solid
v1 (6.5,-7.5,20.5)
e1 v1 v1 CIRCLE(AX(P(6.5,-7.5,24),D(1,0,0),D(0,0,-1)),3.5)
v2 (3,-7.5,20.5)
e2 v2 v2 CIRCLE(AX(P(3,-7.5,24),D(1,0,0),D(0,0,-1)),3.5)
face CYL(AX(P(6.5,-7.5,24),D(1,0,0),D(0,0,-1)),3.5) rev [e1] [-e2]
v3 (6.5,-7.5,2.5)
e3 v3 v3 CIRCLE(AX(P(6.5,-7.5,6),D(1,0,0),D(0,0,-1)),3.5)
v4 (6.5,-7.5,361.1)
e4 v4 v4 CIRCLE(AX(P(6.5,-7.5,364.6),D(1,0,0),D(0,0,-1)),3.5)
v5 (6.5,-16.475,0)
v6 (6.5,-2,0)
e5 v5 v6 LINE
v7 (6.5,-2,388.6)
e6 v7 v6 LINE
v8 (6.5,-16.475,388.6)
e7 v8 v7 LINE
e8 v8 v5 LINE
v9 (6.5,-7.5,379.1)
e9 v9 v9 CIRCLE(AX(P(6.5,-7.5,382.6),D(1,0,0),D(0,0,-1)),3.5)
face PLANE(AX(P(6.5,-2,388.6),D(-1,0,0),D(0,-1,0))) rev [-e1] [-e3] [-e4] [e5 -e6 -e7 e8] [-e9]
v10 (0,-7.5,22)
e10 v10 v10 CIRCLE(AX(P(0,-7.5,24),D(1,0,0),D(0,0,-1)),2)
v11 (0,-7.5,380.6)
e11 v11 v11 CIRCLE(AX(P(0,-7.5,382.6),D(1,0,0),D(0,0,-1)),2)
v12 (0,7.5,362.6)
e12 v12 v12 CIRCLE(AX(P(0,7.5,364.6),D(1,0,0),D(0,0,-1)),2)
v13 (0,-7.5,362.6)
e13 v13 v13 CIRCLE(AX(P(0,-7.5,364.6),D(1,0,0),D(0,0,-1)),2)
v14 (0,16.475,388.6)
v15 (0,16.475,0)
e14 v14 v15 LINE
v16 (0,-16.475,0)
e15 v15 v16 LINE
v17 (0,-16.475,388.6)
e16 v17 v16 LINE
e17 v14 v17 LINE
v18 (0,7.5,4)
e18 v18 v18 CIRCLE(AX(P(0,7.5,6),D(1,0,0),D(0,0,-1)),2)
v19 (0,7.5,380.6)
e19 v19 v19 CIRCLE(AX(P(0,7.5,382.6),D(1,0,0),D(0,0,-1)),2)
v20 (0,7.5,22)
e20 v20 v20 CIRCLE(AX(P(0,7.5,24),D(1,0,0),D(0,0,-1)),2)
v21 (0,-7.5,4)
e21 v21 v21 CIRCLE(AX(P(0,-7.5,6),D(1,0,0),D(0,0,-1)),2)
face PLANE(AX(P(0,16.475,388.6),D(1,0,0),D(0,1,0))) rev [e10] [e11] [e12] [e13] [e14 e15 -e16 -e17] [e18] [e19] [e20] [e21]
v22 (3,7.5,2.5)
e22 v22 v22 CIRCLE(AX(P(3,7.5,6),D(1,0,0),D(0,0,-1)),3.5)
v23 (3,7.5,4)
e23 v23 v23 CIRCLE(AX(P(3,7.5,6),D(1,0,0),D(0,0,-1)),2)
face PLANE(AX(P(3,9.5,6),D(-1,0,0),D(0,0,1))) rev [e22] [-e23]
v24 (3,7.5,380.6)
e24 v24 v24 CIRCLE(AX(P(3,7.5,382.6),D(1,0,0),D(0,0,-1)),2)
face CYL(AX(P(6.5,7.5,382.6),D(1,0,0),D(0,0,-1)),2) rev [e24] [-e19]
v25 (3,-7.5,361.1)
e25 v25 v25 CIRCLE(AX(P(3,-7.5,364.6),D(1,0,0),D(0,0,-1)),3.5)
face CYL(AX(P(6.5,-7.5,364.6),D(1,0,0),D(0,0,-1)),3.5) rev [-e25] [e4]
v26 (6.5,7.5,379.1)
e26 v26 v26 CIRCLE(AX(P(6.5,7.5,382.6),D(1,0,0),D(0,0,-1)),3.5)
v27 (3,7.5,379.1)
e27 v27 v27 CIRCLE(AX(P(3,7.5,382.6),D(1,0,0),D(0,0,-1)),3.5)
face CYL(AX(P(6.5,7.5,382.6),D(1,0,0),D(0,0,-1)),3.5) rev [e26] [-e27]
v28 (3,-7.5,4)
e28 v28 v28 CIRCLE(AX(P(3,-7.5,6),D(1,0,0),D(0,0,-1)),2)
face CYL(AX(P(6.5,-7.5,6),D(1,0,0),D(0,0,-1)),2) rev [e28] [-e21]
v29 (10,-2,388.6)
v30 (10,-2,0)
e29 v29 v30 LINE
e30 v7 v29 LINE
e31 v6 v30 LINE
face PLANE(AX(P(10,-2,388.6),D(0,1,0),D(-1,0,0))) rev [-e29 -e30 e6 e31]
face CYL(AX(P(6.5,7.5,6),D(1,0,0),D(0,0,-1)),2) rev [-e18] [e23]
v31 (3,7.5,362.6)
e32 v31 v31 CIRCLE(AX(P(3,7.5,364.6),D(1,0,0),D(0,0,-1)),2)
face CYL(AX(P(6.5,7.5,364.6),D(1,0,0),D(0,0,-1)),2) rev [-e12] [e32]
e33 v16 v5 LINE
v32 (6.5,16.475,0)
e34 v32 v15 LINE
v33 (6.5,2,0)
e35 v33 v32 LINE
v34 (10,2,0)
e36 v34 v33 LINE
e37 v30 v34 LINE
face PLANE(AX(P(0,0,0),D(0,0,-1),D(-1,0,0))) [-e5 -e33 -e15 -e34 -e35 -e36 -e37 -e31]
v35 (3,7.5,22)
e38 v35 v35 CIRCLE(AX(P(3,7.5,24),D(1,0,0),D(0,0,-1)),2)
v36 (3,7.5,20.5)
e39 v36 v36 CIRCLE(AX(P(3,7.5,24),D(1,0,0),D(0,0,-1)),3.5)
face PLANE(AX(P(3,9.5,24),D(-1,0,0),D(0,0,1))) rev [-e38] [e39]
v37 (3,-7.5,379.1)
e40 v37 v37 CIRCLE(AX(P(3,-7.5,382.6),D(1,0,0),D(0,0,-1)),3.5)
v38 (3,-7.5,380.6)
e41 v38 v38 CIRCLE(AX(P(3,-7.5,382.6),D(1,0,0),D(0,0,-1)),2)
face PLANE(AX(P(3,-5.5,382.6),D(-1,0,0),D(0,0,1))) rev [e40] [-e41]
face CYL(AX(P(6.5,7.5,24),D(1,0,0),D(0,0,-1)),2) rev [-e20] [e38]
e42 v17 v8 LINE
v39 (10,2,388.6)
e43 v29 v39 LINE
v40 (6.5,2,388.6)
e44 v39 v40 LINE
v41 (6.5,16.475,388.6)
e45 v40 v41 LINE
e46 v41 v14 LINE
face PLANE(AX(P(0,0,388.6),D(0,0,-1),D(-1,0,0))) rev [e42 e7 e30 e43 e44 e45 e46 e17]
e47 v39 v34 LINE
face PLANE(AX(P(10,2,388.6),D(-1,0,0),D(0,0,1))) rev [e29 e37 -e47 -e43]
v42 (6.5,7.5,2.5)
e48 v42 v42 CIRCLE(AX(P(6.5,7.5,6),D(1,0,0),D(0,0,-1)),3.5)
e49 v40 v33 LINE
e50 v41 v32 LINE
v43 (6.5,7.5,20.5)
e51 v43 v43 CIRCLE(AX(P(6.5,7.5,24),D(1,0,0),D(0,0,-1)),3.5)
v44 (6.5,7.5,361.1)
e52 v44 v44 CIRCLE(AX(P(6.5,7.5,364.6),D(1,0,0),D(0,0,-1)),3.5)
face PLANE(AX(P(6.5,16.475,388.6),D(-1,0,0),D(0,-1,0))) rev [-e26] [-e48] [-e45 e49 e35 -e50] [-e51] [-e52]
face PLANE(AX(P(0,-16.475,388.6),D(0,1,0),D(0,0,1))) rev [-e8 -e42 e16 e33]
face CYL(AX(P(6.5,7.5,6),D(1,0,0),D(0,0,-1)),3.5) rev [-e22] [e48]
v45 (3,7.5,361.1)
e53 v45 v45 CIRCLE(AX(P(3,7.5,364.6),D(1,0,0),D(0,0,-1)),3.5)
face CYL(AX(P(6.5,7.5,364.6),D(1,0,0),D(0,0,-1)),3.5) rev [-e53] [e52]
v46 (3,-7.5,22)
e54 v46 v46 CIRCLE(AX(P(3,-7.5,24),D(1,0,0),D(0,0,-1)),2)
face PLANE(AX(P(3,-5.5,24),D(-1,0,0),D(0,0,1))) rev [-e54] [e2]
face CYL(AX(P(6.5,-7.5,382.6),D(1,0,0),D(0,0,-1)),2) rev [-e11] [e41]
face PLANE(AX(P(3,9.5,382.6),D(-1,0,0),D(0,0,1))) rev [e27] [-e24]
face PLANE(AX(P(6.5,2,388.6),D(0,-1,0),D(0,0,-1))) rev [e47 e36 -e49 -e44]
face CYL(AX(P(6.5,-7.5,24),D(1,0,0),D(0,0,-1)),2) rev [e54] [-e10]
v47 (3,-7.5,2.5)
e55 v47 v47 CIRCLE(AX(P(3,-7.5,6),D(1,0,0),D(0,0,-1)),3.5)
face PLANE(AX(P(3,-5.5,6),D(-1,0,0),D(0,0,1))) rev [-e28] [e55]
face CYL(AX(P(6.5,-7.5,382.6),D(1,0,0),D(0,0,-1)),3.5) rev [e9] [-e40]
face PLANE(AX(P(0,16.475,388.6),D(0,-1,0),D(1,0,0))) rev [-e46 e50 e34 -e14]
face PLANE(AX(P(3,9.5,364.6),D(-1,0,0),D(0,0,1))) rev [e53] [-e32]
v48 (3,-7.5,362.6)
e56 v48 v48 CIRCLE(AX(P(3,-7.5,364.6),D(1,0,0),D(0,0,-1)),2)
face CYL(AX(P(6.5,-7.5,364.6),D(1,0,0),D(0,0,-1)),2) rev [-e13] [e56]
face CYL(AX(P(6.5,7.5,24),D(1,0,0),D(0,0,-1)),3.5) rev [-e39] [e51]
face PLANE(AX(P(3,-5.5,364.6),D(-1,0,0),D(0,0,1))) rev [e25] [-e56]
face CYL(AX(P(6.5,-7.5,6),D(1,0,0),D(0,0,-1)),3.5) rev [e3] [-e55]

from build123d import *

# Parameters (mm, degrees)
EXTRUDE_1_DEPTH           = 388.6
HOLE_WIZARD_1_D           = 4
HOLE_WIZARD_1_CBORE_D     = 7
HOLE_WIZARD_1_CBORE_DEPTH = 3.5


with BuildPart() as part:
    # 草图1 → 凸台-拉伸1 (new body)
    with BuildSketch(Plane.XY):
        Polygon((0, 16.475), (0, -16.475), (6.5, -16.475), (6.5, -2), (10, -2), (10, 2), (6.5, 2), (6.5, 16.475), align=None)
    extrude(amount=EXTRUDE_1_DEPTH)

    # 打孔尺寸(%根据)内六角圆柱头螺钉的类型1 (through all)
    with Locations(Plane(origin=(6.5, 0, 0), x_dir=(0, 0, -1), z_dir=(1, 0, 0))):
        with Locations((-382.6, -7.5), (-364.6, -7.5), (-364.6, 7.5), (-382.6, 7.5), (-24, 7.5), (-24, -7.5), (-6, -7.5), (-6, 7.5)):
            CounterBoreHole(HOLE_WIZARD_1_D / 2, HOLE_WIZARD_1_CBORE_D / 2, HOLE_WIZARD_1_CBORE_DEPTH)


solid = part.part
